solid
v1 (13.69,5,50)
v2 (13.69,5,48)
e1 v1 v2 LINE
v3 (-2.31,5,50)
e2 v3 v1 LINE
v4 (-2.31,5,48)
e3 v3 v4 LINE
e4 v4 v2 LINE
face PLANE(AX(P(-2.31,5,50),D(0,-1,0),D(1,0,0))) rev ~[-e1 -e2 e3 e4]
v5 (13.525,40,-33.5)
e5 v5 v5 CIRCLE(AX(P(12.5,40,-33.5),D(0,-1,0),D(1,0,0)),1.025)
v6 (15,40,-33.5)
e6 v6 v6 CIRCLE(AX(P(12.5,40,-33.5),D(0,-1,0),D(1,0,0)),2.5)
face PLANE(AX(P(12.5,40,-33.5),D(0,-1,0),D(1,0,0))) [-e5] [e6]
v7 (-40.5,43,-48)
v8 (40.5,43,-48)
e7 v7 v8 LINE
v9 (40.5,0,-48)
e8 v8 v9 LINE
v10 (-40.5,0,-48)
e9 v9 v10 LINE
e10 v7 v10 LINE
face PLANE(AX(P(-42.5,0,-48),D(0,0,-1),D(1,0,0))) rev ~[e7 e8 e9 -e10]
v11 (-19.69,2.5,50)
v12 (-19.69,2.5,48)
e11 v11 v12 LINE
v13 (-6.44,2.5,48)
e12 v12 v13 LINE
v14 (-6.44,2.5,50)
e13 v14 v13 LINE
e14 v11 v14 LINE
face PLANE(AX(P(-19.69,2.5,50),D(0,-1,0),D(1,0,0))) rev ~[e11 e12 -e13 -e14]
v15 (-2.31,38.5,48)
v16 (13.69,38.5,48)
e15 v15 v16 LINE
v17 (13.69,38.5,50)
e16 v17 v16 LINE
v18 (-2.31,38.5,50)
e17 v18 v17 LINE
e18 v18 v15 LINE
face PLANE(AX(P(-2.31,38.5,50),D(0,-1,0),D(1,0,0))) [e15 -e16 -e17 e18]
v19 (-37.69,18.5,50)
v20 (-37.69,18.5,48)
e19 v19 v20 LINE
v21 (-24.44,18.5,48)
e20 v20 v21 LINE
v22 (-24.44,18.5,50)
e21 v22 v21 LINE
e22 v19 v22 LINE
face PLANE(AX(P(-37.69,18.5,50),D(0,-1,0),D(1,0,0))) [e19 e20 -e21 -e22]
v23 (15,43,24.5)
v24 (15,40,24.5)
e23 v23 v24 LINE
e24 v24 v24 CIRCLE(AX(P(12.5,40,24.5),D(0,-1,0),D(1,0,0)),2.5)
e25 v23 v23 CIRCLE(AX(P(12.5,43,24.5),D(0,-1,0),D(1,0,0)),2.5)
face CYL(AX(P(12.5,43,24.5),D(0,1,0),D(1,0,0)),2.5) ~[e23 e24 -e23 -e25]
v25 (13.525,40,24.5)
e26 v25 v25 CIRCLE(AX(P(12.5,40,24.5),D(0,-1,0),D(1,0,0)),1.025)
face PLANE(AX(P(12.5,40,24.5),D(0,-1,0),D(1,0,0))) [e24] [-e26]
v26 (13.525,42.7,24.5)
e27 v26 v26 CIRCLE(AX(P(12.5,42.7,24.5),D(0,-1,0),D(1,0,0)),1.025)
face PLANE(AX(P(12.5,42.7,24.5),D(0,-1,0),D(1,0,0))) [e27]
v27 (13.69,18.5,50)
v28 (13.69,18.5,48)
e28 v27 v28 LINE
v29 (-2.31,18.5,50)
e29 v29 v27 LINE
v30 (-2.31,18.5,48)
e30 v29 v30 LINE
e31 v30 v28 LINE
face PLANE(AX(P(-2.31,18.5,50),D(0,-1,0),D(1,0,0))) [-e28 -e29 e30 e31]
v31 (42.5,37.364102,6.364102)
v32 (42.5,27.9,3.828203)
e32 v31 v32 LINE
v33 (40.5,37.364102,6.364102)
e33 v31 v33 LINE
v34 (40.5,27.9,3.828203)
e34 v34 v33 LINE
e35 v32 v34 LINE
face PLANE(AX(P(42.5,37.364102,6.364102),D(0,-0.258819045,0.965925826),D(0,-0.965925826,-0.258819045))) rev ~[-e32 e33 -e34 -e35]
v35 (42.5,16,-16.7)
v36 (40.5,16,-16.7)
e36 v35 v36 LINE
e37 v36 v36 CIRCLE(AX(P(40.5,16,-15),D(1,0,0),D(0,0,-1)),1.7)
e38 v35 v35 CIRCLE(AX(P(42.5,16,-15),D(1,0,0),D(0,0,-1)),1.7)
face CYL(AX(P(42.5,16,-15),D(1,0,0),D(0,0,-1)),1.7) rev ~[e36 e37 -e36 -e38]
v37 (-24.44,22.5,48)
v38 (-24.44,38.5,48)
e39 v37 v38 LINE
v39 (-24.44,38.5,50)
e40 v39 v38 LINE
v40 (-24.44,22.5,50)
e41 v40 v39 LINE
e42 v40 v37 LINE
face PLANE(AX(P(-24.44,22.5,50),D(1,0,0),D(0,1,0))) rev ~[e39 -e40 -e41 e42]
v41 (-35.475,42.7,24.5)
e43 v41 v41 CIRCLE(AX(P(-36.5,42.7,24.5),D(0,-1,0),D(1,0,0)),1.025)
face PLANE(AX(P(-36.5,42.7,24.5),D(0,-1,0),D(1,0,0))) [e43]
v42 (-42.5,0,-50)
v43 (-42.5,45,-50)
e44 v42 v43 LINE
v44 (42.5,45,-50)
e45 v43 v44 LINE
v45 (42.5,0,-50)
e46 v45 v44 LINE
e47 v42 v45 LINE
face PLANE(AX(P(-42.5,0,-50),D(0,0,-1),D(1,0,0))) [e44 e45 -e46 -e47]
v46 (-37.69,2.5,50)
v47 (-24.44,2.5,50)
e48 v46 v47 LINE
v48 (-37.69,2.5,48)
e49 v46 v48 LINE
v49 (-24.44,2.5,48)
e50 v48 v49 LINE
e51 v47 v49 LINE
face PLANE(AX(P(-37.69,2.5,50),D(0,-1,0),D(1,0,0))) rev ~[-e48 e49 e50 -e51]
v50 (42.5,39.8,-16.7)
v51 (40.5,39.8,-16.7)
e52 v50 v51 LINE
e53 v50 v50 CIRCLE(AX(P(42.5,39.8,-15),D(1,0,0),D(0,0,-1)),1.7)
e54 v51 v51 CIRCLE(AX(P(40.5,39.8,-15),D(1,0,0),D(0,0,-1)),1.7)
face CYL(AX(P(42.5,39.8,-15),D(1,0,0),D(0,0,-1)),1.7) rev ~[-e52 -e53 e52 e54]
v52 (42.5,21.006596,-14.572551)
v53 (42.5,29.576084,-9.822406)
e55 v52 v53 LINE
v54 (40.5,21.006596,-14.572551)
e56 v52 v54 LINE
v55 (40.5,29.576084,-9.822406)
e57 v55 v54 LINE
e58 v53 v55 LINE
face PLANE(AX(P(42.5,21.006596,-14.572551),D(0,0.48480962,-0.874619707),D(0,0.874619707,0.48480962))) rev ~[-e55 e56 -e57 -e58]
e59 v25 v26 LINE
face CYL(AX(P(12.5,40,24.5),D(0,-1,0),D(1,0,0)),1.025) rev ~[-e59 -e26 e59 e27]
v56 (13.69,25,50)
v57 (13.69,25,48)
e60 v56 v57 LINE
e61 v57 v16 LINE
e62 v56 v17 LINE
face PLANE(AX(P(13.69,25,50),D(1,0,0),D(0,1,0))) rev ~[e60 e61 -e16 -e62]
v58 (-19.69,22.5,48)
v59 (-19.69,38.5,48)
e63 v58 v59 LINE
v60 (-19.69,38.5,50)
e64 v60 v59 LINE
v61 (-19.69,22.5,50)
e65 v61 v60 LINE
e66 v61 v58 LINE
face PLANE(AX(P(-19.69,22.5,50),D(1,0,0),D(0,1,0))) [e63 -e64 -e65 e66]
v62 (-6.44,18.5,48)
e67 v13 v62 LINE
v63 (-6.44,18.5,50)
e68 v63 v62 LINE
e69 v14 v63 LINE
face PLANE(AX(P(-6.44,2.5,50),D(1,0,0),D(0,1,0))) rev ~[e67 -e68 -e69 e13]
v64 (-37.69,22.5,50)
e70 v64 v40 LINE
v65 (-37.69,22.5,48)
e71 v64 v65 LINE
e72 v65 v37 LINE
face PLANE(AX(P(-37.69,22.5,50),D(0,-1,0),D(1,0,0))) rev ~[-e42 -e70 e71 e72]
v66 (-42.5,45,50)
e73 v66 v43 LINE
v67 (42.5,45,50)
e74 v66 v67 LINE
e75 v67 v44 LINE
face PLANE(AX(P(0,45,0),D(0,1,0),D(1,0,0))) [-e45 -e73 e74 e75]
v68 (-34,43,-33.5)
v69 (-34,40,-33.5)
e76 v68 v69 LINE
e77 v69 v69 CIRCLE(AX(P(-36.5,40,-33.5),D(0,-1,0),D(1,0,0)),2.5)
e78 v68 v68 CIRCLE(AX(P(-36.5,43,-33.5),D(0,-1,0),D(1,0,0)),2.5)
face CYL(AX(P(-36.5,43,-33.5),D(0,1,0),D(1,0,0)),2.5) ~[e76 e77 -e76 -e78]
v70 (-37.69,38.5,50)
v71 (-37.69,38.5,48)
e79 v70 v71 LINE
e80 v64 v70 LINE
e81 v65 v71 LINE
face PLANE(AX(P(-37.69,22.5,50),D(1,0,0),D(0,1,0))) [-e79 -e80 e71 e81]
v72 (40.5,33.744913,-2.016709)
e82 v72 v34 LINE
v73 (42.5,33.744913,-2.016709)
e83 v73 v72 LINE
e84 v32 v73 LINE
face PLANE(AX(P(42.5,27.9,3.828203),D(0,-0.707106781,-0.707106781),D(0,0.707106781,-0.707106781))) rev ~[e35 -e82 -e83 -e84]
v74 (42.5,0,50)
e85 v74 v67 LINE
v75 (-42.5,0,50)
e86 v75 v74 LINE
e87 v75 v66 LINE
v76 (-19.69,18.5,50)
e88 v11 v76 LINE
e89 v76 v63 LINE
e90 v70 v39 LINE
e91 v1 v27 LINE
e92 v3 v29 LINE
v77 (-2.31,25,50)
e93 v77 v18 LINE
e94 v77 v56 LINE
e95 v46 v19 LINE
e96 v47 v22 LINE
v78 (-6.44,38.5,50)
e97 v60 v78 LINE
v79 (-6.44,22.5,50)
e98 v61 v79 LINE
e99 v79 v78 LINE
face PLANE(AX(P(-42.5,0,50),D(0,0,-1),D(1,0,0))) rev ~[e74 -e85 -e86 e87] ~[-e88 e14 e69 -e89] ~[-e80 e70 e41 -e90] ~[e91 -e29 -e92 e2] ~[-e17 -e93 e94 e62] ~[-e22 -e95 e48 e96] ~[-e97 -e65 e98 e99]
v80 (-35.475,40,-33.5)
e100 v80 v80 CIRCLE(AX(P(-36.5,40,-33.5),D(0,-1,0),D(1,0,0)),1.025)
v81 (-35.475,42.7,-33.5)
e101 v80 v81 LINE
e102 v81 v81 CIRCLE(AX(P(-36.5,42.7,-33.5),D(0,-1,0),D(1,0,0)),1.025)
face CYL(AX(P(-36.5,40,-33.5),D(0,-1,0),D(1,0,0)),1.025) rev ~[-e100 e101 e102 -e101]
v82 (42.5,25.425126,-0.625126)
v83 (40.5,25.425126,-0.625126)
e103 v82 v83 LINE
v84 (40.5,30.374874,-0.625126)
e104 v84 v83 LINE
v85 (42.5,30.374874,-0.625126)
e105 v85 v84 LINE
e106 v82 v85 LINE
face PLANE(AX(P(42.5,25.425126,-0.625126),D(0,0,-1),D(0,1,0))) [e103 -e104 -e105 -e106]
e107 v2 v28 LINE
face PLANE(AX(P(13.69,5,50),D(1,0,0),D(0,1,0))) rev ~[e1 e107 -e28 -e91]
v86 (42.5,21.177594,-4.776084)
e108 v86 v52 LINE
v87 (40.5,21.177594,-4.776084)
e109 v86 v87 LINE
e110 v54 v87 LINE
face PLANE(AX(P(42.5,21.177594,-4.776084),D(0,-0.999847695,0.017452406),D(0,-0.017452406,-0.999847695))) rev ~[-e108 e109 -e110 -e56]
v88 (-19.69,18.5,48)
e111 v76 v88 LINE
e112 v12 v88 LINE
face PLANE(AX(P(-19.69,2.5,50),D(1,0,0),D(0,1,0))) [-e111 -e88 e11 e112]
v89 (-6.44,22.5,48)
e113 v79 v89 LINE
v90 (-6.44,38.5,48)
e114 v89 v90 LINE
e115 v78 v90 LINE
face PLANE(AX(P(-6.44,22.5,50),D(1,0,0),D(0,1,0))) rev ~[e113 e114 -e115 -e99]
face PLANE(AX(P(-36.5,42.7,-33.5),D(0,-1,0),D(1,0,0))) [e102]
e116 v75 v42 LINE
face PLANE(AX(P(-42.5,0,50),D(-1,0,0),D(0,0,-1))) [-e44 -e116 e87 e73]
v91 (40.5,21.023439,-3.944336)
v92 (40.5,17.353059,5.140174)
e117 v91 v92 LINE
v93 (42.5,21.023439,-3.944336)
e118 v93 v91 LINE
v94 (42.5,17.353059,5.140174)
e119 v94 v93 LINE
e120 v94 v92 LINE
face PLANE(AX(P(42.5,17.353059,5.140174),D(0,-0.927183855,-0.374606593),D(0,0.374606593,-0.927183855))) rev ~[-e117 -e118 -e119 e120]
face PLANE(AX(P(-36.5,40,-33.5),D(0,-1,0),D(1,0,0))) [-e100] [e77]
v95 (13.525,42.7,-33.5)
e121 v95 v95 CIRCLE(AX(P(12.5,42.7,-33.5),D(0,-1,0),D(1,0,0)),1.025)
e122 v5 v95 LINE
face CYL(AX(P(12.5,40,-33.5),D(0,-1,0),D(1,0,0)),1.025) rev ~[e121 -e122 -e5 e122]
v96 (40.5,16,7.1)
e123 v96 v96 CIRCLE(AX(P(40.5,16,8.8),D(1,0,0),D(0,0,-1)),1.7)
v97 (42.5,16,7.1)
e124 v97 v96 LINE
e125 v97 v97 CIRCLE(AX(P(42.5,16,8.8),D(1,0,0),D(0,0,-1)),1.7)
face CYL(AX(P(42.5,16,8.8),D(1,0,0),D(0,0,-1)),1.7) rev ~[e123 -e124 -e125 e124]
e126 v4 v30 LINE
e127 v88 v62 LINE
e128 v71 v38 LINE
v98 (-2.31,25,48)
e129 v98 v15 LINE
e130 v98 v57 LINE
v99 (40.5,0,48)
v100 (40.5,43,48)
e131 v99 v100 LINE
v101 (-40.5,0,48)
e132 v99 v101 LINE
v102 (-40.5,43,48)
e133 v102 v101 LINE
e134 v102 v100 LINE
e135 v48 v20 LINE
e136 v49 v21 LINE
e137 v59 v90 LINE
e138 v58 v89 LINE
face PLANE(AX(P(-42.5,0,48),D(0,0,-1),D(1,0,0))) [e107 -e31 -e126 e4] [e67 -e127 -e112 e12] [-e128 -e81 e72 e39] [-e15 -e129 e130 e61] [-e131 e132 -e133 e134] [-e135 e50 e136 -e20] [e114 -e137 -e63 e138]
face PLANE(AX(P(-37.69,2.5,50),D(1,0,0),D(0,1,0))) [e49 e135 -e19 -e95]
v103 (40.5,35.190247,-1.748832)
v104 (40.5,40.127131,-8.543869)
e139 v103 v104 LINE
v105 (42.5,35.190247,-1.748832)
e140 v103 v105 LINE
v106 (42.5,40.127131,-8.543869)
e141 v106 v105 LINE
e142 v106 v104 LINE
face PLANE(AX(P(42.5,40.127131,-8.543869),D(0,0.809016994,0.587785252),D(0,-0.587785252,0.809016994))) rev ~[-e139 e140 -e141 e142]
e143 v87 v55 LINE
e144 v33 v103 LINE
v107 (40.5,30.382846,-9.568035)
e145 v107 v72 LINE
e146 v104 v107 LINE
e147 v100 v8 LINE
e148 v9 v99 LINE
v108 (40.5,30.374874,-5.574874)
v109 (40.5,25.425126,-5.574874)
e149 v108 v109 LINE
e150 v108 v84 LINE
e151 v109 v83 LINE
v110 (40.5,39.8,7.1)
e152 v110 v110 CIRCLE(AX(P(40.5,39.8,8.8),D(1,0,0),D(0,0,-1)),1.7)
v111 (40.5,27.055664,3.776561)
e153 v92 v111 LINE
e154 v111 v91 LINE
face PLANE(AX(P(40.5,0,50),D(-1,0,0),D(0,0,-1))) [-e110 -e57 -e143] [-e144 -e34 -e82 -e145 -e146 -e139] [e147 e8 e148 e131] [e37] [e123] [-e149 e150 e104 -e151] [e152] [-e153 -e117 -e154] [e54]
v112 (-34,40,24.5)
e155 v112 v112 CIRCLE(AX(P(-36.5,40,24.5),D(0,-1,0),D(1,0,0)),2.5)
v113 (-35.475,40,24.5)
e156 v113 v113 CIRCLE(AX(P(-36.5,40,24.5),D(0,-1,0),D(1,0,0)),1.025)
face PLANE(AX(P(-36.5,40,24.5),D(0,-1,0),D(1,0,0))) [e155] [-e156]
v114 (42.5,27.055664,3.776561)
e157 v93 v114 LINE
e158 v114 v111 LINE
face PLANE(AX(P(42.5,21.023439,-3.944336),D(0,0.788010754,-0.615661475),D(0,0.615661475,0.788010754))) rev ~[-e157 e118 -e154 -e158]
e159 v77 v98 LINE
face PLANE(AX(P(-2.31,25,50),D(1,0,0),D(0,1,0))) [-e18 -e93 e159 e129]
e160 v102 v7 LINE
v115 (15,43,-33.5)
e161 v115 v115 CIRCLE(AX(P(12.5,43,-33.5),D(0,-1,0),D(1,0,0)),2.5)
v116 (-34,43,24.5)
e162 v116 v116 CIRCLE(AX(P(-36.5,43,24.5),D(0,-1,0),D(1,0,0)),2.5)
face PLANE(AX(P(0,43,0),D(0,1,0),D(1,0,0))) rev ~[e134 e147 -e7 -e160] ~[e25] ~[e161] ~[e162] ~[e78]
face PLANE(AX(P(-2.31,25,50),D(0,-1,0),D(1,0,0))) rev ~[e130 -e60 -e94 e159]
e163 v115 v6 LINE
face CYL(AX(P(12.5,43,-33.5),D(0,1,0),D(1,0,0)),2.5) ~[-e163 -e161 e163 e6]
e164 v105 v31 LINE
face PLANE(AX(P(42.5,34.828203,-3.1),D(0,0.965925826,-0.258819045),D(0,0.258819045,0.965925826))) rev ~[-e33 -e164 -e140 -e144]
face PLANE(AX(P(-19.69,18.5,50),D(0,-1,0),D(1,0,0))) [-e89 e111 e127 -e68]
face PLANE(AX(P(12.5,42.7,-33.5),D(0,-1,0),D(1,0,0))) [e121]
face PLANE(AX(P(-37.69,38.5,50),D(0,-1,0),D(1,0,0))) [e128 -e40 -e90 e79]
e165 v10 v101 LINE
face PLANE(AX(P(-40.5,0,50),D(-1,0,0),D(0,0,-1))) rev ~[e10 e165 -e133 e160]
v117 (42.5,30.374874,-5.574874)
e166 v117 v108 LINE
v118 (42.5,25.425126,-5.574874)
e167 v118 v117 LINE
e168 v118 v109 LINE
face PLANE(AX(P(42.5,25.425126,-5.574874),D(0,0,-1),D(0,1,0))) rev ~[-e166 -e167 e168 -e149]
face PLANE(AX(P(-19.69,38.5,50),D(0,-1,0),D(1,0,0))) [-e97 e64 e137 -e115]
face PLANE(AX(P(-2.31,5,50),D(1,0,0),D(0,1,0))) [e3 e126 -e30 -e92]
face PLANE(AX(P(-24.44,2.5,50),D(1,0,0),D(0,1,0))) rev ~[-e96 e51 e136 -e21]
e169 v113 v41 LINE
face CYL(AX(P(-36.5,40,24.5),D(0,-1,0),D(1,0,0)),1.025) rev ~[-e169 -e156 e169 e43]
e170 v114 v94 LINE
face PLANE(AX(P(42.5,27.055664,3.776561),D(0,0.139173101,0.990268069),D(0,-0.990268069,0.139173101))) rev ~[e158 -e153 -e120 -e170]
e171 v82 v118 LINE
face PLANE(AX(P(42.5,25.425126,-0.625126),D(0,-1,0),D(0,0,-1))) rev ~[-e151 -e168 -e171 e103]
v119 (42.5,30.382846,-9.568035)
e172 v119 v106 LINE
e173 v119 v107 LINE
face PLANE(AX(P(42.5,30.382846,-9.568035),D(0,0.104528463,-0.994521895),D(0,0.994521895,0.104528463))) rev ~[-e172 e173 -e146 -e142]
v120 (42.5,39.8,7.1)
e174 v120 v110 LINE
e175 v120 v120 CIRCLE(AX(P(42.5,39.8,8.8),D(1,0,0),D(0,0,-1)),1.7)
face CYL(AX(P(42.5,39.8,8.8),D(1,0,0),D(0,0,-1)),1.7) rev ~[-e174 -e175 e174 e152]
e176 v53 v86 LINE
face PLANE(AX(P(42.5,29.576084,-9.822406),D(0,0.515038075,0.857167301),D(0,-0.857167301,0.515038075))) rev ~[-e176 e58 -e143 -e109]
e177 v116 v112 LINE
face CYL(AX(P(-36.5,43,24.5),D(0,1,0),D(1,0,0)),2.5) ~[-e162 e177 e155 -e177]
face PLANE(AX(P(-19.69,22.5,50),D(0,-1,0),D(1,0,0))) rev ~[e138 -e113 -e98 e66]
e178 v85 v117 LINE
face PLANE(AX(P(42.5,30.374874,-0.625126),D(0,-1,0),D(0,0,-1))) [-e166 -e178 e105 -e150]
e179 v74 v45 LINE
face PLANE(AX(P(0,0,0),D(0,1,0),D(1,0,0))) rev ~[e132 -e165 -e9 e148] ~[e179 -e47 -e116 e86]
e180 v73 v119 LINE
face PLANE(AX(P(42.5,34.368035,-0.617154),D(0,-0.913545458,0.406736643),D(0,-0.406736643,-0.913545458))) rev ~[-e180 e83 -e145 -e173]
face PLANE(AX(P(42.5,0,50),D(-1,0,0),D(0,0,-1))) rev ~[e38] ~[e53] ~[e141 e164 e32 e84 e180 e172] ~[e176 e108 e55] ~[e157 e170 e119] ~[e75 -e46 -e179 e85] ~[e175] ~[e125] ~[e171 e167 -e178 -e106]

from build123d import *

# Parameters (mm, degrees)
SKETCH1_W           = 85
SKETCH1_H           = 100
BOSS_EXTRUDE1_DEPTH = 45
SHELL1_T            = -2
SKETCH3_R           = 2.5
BOSS_EXTRUDE2_DEPTH = 3
SKETCH4_R           = 1.025
CUT_EXTRUDE1_DEPTH  = 2.7
SKETCH17_W          = 13.25
SKETCH17_H          = 16
SKETCH17_W_2        = 16
SKETCH17_H_2        = 13.5
CUT_EXTRUDE2_DEPTH  = 2
LPATTERN1_COUNT     = 2
LPATTERN1_PITCH     = 20
SKETCH18_R          = 1.7
CUT_EXTRUDE3_DEPTH  = 2
CUT_EXTRUDE9_DEPTH  = 10
CIRPATTERN2_COUNT   = 4
CIRPATTERN2_ANGLE   = 291
SKETCH19_4_W        = 4.949747468
SKETCH19_4_H        = 4.949747468
CUT_EXTRUDE10_DEPTH = 10


with BuildPart() as part:
    # Sketch1 → Boss-Extrude1 (new body)
    with BuildSketch(Plane(origin=(0, 0, 0), x_dir=(1, 0, 0), z_dir=(0, 1, 0))):
        Rectangle(SKETCH1_W, SKETCH1_H)
    extrude(amount=BOSS_EXTRUDE1_DEPTH)

    # Shell1
    shell1_openings = [part.faces().sort_by_distance(p)[0] for p in [
        (0, 0, 0),
    ]]
    offset(amount=SHELL1_T, openings=shell1_openings, kind=Kind.INTERSECTION)

    # Sketch3 → Boss-Extrude2 (add)
    with BuildSketch(Plane.XZ.offset(-43)):
        with Locations((-36.5, 24.5)):
            Circle(SKETCH3_R)
        with Locations((12.5, 24.5)):
            Circle(SKETCH3_R)
        with Locations((-36.5, -33.5)):
            Circle(SKETCH3_R)
        with Locations((12.5, -33.5)):
            Circle(SKETCH3_R)
    extrude(amount=BOSS_EXTRUDE2_DEPTH)

    # Sketch4 → Cut-Extrude1 (cut)
    with BuildSketch(Plane.XZ.offset(-40)):
        with Locations((12.5, 24.5)):
            Circle(SKETCH4_R)
        with Locations((-36.5, 24.5)):
            Circle(SKETCH4_R)
        with Locations((-36.5, -33.5)):
            Circle(SKETCH4_R)
        with Locations((12.5, -33.5)):
            Circle(SKETCH4_R)
    extrude(amount=-CUT_EXTRUDE1_DEPTH, mode=Mode.SUBTRACT)

    # Sketch17 → Cut-Extrude2 (cut)
    with BuildSketch(Plane.XY.offset(50)):
        with Locations((-31.065, 30.5)):
            Rectangle(SKETCH17_W, SKETCH17_H)
        with Locations((-13.065, 30.5)):
            Rectangle(SKETCH17_W, SKETCH17_H)
        with Locations((5.69, 31.75)):
            Rectangle(SKETCH17_W_2, SKETCH17_H_2)
    cut_extrude2 = extrude(amount=-CUT_EXTRUDE2_DEPTH, mode=Mode.SUBTRACT)

    # LPattern1: Cut-Extrude2 ×2
    with Locations(*[(0, -i * LPATTERN1_PITCH, 0) for i in range(1, LPATTERN1_COUNT)]):
        add(cut_extrude2, mode=Mode.SUBTRACT)

    # Sketch18 → Cut-Extrude3 (cut)
    with BuildSketch(Plane(origin=(42.5, 0, 0), x_dir=(0, 0, -1), z_dir=(1, 0, 0))):
        with Locations((15, 16)):
            Circle(SKETCH18_R)
        with Locations((-8.8, 16)):
            Circle(SKETCH18_R)
        with Locations((-8.8, 39.8)):
            Circle(SKETCH18_R)
        with Locations((15, 39.8)):
            Circle(SKETCH18_R)
    extrude(amount=-CUT_EXTRUDE3_DEPTH, mode=Mode.SUBTRACT)

    # Sketch19 → Cut-Extrude9 (cut)
    with BuildSketch(Plane(origin=(42.5, 0, 0), x_dir=(0, 0, -1), z_dir=(1, 0, 0))):
        Polygon((-6.364101615, 37.364101615), (-3.82820323, 27.9), (3.1, 34.82820323), align=None)
    cut_extrude9 = extrude(amount=-CUT_EXTRUDE9_DEPTH, mode=Mode.SUBTRACT)

    # CirPattern2: Cut-Extrude9 ×4 about axis
    cirpattern2_axis = Axis((0, 27.9, -3.1), (1, 0, 0))
    for i in range(1, CIRPATTERN2_COUNT):
        add(cut_extrude9.rotate(cirpattern2_axis, i * CIRPATTERN2_ANGLE / (CIRPATTERN2_COUNT - 1)), mode=Mode.SUBTRACT)

    # Sketch19<4> → Cut-Extrude10 (cut)
    with BuildSketch(Plane(origin=(42.5, 0, 0), x_dir=(0, 0, -1), z_dir=(1, 0, 0))):
        with Locations((3.1, 27.9)):
            Rectangle(SKETCH19_4_W, SKETCH19_4_H)
    extrude(amount=-CUT_EXTRUDE10_DEPTH, mode=Mode.SUBTRACT)


solid = part.part
